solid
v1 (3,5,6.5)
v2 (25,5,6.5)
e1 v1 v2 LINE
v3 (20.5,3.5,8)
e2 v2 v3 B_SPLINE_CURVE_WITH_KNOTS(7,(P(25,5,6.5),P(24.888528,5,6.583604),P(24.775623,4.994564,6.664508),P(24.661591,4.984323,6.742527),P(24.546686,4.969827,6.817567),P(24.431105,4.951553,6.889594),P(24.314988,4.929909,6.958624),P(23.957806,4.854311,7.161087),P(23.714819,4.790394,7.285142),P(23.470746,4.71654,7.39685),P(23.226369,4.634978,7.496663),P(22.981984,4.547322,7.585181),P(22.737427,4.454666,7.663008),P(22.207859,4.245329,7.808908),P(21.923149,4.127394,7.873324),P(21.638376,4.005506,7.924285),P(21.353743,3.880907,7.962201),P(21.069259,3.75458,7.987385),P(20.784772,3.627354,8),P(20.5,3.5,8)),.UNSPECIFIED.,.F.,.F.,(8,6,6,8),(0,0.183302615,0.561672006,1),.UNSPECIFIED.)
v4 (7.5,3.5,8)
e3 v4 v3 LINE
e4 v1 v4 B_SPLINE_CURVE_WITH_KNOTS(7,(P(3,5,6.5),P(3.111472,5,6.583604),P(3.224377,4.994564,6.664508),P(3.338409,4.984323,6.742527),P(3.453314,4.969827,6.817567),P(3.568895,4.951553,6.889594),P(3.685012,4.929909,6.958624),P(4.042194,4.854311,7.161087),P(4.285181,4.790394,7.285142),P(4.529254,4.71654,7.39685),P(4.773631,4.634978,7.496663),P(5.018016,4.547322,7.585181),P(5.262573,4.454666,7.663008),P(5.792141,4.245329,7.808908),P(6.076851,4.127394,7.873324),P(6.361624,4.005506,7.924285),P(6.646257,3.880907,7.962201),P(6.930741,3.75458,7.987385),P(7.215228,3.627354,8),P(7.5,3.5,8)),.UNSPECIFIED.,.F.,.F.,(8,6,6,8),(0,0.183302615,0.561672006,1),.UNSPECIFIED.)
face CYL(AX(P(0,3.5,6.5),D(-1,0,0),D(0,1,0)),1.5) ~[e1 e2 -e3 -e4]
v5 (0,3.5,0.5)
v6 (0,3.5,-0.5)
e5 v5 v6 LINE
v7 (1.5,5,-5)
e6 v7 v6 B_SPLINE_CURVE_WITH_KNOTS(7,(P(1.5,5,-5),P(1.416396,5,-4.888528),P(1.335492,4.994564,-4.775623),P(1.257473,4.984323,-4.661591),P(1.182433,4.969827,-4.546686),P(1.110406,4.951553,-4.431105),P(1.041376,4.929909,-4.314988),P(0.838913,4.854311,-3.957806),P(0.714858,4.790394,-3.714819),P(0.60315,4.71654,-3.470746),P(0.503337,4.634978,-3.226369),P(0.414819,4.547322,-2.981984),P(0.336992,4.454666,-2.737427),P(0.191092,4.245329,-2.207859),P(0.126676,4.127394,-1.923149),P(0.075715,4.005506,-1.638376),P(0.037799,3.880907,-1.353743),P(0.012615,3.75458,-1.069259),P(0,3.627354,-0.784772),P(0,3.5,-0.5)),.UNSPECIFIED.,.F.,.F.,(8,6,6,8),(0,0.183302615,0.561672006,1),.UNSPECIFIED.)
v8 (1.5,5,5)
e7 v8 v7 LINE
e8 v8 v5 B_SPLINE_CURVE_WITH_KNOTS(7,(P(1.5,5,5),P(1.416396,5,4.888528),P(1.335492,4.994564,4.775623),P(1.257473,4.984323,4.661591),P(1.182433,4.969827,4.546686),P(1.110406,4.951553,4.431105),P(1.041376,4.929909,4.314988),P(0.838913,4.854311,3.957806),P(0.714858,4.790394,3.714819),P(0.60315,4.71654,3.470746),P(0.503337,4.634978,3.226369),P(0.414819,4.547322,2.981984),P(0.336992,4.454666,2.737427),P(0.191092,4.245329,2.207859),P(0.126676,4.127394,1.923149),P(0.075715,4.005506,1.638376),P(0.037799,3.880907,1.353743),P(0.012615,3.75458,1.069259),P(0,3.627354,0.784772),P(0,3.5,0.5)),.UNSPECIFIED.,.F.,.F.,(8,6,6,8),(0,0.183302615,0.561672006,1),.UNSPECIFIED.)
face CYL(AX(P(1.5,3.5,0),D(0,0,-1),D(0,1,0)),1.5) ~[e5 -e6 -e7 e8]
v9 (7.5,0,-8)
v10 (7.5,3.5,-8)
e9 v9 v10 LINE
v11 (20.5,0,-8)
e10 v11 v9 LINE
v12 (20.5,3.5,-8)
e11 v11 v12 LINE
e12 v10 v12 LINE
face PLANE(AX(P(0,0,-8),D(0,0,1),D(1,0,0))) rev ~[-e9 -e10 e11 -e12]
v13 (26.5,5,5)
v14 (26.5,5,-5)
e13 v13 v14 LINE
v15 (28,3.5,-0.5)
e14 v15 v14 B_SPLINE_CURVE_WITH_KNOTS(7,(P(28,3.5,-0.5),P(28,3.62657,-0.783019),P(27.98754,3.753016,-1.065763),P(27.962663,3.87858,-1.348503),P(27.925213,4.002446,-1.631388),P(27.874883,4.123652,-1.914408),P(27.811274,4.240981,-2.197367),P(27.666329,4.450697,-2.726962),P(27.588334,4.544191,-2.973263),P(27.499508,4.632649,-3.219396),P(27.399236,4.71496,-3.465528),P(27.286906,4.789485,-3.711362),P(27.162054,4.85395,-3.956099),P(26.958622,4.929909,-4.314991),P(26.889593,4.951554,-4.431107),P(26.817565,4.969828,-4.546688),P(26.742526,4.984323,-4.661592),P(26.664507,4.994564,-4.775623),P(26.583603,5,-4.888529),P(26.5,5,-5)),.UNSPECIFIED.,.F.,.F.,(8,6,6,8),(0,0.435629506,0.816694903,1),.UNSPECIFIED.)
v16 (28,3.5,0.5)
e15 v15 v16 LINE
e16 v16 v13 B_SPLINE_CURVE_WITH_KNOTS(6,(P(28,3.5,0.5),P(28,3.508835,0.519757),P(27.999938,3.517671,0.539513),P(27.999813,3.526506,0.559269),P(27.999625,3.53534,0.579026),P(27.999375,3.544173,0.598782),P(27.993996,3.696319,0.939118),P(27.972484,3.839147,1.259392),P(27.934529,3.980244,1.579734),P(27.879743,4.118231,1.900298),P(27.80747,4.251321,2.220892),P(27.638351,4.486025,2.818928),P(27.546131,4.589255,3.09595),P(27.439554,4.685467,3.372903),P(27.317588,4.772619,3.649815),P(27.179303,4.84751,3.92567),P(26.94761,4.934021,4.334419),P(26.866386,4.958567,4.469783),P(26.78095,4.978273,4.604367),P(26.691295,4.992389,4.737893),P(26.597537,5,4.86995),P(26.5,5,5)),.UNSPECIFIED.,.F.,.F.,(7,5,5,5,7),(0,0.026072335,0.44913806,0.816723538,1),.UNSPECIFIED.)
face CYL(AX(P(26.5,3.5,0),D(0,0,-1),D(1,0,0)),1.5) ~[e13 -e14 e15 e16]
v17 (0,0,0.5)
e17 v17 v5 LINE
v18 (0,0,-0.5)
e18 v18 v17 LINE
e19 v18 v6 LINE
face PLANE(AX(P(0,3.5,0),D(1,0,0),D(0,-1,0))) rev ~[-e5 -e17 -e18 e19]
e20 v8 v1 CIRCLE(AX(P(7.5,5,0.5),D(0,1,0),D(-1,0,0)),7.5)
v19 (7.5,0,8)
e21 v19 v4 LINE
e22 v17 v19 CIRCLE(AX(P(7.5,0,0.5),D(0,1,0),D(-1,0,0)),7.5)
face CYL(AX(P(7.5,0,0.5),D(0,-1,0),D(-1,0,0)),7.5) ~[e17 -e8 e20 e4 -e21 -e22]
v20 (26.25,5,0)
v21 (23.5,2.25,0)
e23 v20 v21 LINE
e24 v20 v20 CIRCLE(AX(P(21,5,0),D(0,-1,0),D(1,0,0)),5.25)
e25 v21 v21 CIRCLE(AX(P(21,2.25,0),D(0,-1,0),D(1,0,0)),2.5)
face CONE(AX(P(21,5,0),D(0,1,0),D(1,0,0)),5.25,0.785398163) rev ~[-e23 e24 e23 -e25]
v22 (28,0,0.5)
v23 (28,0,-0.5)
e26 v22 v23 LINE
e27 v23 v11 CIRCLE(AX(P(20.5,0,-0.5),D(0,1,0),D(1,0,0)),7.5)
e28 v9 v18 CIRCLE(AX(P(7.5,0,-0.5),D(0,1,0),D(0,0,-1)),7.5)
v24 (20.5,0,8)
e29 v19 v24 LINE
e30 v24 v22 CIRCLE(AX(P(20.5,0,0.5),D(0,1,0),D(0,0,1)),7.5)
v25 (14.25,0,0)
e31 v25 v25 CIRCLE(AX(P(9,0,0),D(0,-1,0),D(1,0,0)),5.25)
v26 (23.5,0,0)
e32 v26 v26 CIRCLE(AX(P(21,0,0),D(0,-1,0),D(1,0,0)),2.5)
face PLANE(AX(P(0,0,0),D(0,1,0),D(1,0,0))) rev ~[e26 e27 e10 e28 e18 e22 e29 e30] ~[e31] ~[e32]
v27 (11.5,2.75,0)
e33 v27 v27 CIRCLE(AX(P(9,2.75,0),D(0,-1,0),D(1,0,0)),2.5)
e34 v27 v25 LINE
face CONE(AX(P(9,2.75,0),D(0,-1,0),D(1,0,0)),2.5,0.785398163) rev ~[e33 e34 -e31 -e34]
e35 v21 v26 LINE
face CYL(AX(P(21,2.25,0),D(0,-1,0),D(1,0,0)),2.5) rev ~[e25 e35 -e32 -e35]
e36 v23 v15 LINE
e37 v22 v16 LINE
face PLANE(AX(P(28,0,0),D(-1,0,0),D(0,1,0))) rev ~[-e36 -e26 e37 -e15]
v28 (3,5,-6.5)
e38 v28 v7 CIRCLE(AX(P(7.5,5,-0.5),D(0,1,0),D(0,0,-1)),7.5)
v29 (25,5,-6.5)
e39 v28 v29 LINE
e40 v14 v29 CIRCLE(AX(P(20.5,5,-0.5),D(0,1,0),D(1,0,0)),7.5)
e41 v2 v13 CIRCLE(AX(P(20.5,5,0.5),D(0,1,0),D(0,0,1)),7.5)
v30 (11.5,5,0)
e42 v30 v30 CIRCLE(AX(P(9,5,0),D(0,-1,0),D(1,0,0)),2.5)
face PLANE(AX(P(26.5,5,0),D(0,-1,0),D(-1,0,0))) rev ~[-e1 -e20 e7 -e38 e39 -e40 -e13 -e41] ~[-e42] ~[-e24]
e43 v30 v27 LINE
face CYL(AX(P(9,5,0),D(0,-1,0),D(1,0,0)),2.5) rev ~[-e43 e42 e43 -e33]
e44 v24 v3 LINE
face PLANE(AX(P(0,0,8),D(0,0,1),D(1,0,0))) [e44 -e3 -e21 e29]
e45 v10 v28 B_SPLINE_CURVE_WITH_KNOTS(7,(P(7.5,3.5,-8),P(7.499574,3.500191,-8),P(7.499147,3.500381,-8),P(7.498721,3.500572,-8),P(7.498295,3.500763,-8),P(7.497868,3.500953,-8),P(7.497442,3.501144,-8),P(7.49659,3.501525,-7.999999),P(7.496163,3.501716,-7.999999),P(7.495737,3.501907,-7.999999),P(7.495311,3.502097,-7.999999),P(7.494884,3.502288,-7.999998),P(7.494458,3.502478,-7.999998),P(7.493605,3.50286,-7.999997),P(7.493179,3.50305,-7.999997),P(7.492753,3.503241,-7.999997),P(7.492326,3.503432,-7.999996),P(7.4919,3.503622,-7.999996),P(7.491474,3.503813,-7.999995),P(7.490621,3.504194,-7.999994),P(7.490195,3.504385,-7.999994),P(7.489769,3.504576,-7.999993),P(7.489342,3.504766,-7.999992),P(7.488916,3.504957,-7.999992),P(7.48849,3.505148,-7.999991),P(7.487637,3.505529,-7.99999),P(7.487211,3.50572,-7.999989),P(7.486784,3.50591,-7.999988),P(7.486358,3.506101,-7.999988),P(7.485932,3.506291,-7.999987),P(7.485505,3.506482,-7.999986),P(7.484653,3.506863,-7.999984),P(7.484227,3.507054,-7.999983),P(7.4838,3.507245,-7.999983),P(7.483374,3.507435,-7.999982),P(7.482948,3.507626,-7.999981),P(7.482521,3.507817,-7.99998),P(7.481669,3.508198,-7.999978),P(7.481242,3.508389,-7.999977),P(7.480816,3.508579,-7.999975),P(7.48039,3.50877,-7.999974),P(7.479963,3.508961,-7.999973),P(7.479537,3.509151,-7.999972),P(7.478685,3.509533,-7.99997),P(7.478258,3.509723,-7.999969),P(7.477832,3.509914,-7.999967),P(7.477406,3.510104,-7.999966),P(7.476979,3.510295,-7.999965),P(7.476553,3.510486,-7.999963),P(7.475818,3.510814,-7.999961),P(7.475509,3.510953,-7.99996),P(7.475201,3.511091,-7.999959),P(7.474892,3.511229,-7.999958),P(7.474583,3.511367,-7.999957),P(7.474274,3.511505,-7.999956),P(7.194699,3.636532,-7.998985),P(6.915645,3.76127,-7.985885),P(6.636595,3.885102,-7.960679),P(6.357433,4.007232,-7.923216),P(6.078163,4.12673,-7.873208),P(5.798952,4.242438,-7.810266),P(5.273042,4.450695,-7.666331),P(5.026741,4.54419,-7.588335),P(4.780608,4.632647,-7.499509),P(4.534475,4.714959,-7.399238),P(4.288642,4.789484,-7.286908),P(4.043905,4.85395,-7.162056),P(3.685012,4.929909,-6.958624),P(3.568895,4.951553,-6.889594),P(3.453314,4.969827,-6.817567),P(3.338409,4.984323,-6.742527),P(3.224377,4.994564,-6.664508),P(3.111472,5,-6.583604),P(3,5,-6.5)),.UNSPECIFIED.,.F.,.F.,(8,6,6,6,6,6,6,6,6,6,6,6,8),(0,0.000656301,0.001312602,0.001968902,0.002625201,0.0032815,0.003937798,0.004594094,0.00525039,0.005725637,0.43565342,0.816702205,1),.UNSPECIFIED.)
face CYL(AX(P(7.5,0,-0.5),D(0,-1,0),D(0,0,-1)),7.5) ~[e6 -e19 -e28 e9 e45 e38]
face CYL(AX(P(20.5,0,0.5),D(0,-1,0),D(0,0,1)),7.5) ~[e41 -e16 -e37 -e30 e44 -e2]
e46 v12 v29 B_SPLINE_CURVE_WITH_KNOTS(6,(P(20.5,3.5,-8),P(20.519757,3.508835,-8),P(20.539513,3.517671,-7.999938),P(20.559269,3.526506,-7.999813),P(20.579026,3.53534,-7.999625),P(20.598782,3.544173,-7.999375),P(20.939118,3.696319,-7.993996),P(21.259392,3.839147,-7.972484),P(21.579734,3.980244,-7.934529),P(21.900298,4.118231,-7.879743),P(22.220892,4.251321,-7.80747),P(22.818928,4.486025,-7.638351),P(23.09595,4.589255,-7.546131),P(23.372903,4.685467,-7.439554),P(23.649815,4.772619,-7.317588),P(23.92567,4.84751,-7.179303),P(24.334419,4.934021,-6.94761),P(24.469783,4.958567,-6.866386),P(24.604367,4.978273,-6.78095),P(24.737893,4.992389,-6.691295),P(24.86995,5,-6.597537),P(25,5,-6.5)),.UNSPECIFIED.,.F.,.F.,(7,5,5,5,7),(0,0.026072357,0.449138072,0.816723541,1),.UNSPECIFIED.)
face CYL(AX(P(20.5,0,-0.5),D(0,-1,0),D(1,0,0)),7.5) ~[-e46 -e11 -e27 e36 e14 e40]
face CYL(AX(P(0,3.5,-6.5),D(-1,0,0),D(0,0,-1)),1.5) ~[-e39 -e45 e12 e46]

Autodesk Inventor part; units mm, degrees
sketch "Sketch_1" plane through (0, 0, 0) normal (0, 0, 1) x (1, 0, 0)
  line L0 (0, 0) -> (28, 0)
  line L1 (28, 0) -> (28, 3.5)
  arc A0 (28, 3.5) -> (26.5, 5) centre (26.5, 3.5) ccw
  line L2 (26.5, 5) -> (1.5, 5)
  arc A1 (1.5, 5) -> (0, 3.5) centre (1.5, 3.5) ccw
  line L3 (0, 3.5) -> (0, 0)
extrude "Extrusion1" add sketch "Sketch_1" along normal mid plane 16
sketch "Sketch_2" plane through (0, 0, 0) normal (1, 0, 0) x (0, 1, 0)
  line L0 (14.3017, 20.7284) -> (-9.9569, 20.7284)
  line L1 (-9.9569, 20.7284) -> (-9.9569, -18.375)
  line L2 (-9.9569, -18.375) -> (14.3017, -18.375)
  line L3 (14.3017, -18.375) -> (14.3017, 20.7284)
  line L4 (0, 8) -> (0, -8)
  line L5 (0, -8) -> (3.5, -8)
  arc A0 (3.5, -8) -> (5, -6.5) centre (3.5, -6.5) ccw
  line L6 (5, -6.5) -> (5, 6.5)
  arc A1 (5, 6.5) -> (3.5, 8) centre (3.5, 6.5) ccw
  line L7 (3.5, 8) -> (0, 8)
extrude "Extrusion2" cut sketch "Sketch_2" along normal blind 28
sketch "Sketch_3" plane through (0, 0, 0) normal (0, 0, 1) x (1, 0, 0)
  line L0 (21, 0) -> (21, 5)
  line L1 (21, 5) -> (26.25, 5)
  line L2 (26.25, 5) -> (23.5, 2.25)
  line L3 (23.5, 2.25) -> (23.5, 0)
  line L4 (23.5, 0) -> (21, 0)
  line L5 (21, 0) -> (21, 5)
revolve "Revolution1" cut sketch "Sketch_3" angle 360 about axis through (21, 0, 0) along (0, -1, 0)
sketch "Sketch_4" plane through (0, 0, 0) normal (0, 0, 1) x (1, 0, 0)
  line L0 (9, 0) -> (9, 5)
  line L1 (9, 5) -> (11.5, 5)
  line L2 (11.5, 5) -> (11.5, 2.75)
  line L3 (11.5, 2.75) -> (14.25, 0)
  line L4 (14.25, 0) -> (9, 0)
  line L5 (9, 0) -> (9, 5)
revolve "Revolution2" cut sketch "Sketch_4" angle 360 about axis through (9, 0, 0) along (0, -1, 0)
sketch "Sketch_7" plane through (0, 0, 0) normal (0, 1, 0) x (-1, 0, 0)
  line L0 (14, -16) -> (14, 16)
  line L1 (14, 16) -> (-34, 16)
  line L2 (-34, 16) -> (-34, -16)
  line L3 (-34, -16) -> (14, -16)
  arc A0 (0, 0.5) -> (-7.5, 8) centre (-7.5, 0.5) ccw
  line L4 (-7.5, 8) -> (-20.5, 8)
  arc A1 (-20.5, 8) -> (-28, 0.5) centre (-20.5, 0.5) ccw
  line L5 (-28, 0.5) -> (-28, -0.5)
  arc A2 (-28, -0.5) -> (-20.5, -8) centre (-20.5, -0.5) ccw
  line L6 (-20.5, -8) -> (-7.5, -8)
  arc A3 (-7.5, -8) -> (0, -0.5) centre (-7.5, -0.5) ccw
  line L7 (0, -0.5) -> (0, 0.5)
extrude "Extrusion3" cut sketch "Sketch_7" along normal blind 5
ref_plane "frame_bolt_XY" through (21, 2.25, 0) normal (0, 1, 0) x (1, 0, 0)
ref_plane "frame_bolt_YZ" through (21, 2.25, 0) normal (1, 0, 0) x (0, 0, -1)
ref_plane "frame_bolt_ZX" through (21, 2.25, 0) normal (0, 0, -1) x (0, 1, 0)
ref_plane "pull_bolt_XY" through (9, 2.75, 0) normal (0, -1, 0) x (1, 0, 0)
ref_plane "pull_bolt_YZ" through (9, 2.75, 0) normal (1, 0, 0) x (0, 0, 1)
ref_plane "pull_bolt_ZX" through (9, 2.75, 0) normal (0, 0, 1) x (0, -1, 0)
properties part number "UWANGFplate"
